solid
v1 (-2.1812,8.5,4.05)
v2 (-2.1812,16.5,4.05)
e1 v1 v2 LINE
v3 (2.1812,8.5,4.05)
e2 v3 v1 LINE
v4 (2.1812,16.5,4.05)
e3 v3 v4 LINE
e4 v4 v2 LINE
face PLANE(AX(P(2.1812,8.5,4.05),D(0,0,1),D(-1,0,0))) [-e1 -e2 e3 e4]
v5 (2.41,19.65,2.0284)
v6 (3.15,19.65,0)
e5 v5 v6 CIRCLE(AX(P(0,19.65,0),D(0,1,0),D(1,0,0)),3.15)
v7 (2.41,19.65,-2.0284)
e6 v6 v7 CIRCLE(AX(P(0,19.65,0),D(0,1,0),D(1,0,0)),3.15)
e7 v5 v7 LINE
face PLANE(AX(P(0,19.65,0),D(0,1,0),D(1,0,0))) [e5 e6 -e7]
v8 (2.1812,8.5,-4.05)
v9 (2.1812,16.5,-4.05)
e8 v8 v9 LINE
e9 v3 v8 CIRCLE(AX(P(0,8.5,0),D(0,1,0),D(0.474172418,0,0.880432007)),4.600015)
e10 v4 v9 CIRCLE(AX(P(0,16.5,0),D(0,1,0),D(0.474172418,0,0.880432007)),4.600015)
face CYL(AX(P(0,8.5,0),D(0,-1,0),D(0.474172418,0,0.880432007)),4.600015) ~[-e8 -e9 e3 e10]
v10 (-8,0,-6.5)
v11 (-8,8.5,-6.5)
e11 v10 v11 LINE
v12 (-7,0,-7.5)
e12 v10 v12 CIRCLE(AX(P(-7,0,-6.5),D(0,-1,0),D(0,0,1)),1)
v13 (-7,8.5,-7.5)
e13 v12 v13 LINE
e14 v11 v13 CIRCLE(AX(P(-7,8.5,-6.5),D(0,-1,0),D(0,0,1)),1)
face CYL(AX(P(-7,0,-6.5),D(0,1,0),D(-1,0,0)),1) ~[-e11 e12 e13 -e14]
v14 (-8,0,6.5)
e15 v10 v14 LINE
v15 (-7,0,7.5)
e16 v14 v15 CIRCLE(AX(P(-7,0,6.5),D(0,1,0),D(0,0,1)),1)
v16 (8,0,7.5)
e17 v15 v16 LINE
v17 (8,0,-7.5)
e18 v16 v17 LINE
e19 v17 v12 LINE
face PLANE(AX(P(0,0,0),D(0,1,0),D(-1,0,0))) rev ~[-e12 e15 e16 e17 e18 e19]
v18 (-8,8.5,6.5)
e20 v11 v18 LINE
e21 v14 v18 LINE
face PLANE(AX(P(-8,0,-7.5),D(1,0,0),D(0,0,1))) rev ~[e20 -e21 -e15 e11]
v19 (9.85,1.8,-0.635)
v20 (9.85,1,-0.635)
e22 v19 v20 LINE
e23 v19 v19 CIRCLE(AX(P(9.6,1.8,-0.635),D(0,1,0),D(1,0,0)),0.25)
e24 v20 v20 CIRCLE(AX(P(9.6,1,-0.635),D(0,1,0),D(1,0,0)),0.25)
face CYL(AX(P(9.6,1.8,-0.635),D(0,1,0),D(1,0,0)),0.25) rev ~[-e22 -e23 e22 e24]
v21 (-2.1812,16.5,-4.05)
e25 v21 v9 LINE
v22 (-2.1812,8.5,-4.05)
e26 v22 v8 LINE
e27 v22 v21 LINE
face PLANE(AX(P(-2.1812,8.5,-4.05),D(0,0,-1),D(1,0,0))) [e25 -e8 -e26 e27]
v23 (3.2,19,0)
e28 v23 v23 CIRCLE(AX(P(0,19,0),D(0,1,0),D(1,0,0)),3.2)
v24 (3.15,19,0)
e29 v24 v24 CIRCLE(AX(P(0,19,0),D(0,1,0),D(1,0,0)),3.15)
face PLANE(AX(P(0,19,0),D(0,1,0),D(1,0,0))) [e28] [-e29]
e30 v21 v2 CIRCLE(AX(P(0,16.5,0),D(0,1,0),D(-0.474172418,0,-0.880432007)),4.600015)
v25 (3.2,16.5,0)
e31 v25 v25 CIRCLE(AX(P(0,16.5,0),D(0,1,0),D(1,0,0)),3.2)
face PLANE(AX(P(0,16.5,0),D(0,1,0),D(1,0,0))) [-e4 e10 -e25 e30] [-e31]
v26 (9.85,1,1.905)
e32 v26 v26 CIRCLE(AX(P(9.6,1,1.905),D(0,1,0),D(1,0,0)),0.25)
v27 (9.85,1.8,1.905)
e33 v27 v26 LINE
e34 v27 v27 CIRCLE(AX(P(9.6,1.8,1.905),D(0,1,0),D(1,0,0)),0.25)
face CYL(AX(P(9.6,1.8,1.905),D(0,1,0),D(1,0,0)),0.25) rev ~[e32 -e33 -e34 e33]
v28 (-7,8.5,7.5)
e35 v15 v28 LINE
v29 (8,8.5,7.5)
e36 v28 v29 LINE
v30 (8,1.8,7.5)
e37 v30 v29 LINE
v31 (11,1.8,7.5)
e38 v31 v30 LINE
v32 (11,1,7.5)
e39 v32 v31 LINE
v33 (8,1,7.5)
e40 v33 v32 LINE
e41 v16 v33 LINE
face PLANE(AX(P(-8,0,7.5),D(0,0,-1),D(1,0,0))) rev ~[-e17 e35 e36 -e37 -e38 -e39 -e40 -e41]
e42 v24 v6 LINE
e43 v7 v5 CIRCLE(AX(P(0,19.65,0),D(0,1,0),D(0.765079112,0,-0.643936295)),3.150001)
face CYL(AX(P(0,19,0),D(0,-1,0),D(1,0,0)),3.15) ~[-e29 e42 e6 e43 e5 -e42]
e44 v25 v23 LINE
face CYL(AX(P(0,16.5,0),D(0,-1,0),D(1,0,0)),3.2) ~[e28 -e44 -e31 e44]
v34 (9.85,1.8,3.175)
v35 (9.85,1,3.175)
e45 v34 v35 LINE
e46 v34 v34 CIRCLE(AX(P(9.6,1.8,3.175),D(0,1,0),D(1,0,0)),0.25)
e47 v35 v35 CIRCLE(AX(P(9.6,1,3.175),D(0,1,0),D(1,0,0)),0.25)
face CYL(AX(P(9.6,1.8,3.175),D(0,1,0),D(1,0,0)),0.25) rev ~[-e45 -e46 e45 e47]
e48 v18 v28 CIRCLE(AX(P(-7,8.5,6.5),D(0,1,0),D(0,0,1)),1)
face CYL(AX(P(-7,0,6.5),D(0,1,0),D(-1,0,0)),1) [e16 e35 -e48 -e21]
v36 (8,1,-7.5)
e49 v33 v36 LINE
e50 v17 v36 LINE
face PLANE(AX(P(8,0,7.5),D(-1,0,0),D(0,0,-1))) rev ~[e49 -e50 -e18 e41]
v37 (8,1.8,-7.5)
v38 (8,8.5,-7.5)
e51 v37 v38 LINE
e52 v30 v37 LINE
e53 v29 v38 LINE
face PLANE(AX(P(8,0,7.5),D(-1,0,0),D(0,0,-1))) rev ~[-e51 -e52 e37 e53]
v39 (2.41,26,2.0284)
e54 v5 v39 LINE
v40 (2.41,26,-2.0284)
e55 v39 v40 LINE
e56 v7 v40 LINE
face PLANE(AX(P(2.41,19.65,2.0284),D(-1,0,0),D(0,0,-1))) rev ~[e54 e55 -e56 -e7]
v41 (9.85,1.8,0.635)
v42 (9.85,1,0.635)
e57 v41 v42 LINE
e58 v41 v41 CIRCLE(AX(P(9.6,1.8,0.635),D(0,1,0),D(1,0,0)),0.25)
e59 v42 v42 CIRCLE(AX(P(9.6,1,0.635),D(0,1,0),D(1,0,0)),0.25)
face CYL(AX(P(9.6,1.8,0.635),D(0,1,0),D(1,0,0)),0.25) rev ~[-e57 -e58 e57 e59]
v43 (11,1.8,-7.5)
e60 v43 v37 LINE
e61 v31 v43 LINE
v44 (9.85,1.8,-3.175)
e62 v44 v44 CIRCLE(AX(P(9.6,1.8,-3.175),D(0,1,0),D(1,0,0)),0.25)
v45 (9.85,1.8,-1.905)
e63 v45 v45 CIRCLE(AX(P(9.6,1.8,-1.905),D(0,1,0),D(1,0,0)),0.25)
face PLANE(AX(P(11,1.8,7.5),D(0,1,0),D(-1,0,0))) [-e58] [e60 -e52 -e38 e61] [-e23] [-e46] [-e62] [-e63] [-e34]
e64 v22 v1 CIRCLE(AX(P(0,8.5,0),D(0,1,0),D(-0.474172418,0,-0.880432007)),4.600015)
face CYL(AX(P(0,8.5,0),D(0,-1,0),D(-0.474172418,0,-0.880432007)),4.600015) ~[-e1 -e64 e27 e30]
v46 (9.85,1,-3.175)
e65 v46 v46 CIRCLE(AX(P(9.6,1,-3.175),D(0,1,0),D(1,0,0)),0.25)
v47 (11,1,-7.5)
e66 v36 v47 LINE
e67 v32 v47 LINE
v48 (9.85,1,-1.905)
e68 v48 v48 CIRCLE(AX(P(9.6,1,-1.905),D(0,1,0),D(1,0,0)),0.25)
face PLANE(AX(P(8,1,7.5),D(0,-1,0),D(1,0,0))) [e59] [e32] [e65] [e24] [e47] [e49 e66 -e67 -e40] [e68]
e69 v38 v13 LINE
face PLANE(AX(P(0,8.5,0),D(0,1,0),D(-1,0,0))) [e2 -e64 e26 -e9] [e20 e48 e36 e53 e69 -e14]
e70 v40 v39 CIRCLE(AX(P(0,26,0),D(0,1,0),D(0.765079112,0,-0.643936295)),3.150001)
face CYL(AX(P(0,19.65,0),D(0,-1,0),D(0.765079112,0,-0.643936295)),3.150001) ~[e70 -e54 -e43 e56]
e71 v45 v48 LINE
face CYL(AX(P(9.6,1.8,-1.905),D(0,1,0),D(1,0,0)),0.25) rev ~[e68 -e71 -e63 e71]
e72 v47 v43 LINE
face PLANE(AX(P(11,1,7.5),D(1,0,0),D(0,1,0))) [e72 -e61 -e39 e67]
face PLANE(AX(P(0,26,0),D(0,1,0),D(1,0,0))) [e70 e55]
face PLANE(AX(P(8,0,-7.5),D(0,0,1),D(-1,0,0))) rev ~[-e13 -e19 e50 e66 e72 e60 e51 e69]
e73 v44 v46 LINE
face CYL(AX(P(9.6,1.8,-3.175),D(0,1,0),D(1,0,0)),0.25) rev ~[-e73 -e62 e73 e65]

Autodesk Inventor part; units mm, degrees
ref_plane "YZ Plane" through (0, 0, 0) normal (1, 0, 0) x (0, 1, 0)
ref_plane "XZ Plane" through (0, 0, 0) normal (0, 1, 0) x (-1, 0, 0)
ref_plane "XY Plane" through (0, 0, 0) normal (0, 0, 1) x (1, 0, 0)
sketch "Sketch1" plane through (0, 0, 0) normal (0, 1, 0) x (-1, 0, 0)
  line L0 (8, 7.5) -> (-8, 7.5)
  line L1 (-8, 7.5) -> (-8, -7.5)
  line L2 (-8, -7.5) -> (8, -7.5)
  line L3 (8, -7.5) -> (8, 7.5)
  point P0 (0, 0)
  dimension "d0" = 15
  dimension "d1" = 7.5
  dimension "d2" = 16
  dimension "d3" = 8
extrude "Extrusion1" add sketch "Sketch1" along normal blind 8.5
fillet "Fillet1" radius 1 2 edges at (-8, 4.25, 7.5) (-8, 4.25, -7.5)
sketch "Sketch2" plane through (8, 0, 7.5) normal (0, 0, 1) x (1, 0, 0)
  line L0 (0, 0) -> (0, 8.5) projected
  line L1 (0, 1) -> (3, 1)
  line L2 (3, 1) -> (3, 1.8)
  line L3 (3, 1.8) -> (0, 1.8)
  line L4 (0, 1.8) -> (0, 1)
  line L5 (-15, 8.5) -> (0, 8.5) projected
  line L6 (-16, 8.5) -> (-16, 0) projected
  point P0 (-8, 0)
  dimension "d7" = 0.8
  dimension "d8" = 6.7
  dimension "d9" = 19
extrude "Extrusion2" add sketch "Sketch2" against normal blind 15
sketch "Sketch3" plane through (8, 1.8, 7.5) normal (0, 1, 0) x (1, 0, 0)
  circle A0 centre (1.6, 6.865) radius 0.25
  line L0 (0, 0) -> (0, 15) construction
  line L1 (0, 9.8681) -> (0, 6.3547)
  circle A1 centre (1.6, 8.135) radius 0.25
  circle A2 centre (1.6, 9.405) radius 0.25
  circle A3 centre (1.6, 10.675) radius 0.25
  circle A4 centre (1.6, 5.595) radius 0.25
  circle A5 centre (1.6, 4.325) radius 0.25
  point P0 (-8, 7.5)
  dimension "d12" = 0.5
  dimension "d13" = 9.6
  dimension "d15" = 0.635
  dimension "d18" = 1.27
  dimension "d25" = 1.27
extrude "Extrusion3" cut sketch "Sketch3" against normal blind 15
sketch "Sketch4" plane through (0, 8.5, 0) normal (0, 1, 0) x (1, 0, 0)
  line L0 (-2.1812, 4.05) -> (2.1812, 4.05)
  line L1 (2.1812, -4.05) -> (-2.1812, -4.05)
  arc A0 (-2.1812, 4.05) -> (-2.1812, -4.05) centre (0, 0) ccw
  arc A1 (2.1812, -4.05) -> (2.1812, 4.05) centre (0, 0) ccw
  dimension "d33" = 4.05
  dimension "d34" = 8.1
extrude "Extrusion4" add sketch "Sketch4" along normal blind 8
sketch "Sketch5" plane through (0, 16.5, 0) normal (0, 1, 0) x (1, 0, 0)
  circle A0 centre (0, 0) radius 3.2
  dimension "d37" = 6.4
extrude "Extrusion5" add sketch "Sketch5" along normal blind 2.5
sketch "Sketch6" plane through (0, 19, 0) normal (0, 1, 0) x (1, 0, 0)
  circle A0 centre (0, 0) radius 3.15
  dimension "d40" = 6.3
extrude "Extrusion6" add sketch "Sketch6" along normal blind 0.65
sketch "Sketch7" plane through (0, 19.65, 0) normal (0, 1, 0) x (1, 0, 0)
  arc A0 (2.41, 2.0284) -> (2.41, -2.0284) centre (0, 0) ccw
  line L0 (2.41, -2.0284) -> (2.41, 2.0284)
  dimension "d43" = 6.3
  dimension "d44" = 5.56
extrude "Extrusion7" add sketch "Sketch7" along normal blind 6.35
properties part number "C14D32P-A3_Encoder"
